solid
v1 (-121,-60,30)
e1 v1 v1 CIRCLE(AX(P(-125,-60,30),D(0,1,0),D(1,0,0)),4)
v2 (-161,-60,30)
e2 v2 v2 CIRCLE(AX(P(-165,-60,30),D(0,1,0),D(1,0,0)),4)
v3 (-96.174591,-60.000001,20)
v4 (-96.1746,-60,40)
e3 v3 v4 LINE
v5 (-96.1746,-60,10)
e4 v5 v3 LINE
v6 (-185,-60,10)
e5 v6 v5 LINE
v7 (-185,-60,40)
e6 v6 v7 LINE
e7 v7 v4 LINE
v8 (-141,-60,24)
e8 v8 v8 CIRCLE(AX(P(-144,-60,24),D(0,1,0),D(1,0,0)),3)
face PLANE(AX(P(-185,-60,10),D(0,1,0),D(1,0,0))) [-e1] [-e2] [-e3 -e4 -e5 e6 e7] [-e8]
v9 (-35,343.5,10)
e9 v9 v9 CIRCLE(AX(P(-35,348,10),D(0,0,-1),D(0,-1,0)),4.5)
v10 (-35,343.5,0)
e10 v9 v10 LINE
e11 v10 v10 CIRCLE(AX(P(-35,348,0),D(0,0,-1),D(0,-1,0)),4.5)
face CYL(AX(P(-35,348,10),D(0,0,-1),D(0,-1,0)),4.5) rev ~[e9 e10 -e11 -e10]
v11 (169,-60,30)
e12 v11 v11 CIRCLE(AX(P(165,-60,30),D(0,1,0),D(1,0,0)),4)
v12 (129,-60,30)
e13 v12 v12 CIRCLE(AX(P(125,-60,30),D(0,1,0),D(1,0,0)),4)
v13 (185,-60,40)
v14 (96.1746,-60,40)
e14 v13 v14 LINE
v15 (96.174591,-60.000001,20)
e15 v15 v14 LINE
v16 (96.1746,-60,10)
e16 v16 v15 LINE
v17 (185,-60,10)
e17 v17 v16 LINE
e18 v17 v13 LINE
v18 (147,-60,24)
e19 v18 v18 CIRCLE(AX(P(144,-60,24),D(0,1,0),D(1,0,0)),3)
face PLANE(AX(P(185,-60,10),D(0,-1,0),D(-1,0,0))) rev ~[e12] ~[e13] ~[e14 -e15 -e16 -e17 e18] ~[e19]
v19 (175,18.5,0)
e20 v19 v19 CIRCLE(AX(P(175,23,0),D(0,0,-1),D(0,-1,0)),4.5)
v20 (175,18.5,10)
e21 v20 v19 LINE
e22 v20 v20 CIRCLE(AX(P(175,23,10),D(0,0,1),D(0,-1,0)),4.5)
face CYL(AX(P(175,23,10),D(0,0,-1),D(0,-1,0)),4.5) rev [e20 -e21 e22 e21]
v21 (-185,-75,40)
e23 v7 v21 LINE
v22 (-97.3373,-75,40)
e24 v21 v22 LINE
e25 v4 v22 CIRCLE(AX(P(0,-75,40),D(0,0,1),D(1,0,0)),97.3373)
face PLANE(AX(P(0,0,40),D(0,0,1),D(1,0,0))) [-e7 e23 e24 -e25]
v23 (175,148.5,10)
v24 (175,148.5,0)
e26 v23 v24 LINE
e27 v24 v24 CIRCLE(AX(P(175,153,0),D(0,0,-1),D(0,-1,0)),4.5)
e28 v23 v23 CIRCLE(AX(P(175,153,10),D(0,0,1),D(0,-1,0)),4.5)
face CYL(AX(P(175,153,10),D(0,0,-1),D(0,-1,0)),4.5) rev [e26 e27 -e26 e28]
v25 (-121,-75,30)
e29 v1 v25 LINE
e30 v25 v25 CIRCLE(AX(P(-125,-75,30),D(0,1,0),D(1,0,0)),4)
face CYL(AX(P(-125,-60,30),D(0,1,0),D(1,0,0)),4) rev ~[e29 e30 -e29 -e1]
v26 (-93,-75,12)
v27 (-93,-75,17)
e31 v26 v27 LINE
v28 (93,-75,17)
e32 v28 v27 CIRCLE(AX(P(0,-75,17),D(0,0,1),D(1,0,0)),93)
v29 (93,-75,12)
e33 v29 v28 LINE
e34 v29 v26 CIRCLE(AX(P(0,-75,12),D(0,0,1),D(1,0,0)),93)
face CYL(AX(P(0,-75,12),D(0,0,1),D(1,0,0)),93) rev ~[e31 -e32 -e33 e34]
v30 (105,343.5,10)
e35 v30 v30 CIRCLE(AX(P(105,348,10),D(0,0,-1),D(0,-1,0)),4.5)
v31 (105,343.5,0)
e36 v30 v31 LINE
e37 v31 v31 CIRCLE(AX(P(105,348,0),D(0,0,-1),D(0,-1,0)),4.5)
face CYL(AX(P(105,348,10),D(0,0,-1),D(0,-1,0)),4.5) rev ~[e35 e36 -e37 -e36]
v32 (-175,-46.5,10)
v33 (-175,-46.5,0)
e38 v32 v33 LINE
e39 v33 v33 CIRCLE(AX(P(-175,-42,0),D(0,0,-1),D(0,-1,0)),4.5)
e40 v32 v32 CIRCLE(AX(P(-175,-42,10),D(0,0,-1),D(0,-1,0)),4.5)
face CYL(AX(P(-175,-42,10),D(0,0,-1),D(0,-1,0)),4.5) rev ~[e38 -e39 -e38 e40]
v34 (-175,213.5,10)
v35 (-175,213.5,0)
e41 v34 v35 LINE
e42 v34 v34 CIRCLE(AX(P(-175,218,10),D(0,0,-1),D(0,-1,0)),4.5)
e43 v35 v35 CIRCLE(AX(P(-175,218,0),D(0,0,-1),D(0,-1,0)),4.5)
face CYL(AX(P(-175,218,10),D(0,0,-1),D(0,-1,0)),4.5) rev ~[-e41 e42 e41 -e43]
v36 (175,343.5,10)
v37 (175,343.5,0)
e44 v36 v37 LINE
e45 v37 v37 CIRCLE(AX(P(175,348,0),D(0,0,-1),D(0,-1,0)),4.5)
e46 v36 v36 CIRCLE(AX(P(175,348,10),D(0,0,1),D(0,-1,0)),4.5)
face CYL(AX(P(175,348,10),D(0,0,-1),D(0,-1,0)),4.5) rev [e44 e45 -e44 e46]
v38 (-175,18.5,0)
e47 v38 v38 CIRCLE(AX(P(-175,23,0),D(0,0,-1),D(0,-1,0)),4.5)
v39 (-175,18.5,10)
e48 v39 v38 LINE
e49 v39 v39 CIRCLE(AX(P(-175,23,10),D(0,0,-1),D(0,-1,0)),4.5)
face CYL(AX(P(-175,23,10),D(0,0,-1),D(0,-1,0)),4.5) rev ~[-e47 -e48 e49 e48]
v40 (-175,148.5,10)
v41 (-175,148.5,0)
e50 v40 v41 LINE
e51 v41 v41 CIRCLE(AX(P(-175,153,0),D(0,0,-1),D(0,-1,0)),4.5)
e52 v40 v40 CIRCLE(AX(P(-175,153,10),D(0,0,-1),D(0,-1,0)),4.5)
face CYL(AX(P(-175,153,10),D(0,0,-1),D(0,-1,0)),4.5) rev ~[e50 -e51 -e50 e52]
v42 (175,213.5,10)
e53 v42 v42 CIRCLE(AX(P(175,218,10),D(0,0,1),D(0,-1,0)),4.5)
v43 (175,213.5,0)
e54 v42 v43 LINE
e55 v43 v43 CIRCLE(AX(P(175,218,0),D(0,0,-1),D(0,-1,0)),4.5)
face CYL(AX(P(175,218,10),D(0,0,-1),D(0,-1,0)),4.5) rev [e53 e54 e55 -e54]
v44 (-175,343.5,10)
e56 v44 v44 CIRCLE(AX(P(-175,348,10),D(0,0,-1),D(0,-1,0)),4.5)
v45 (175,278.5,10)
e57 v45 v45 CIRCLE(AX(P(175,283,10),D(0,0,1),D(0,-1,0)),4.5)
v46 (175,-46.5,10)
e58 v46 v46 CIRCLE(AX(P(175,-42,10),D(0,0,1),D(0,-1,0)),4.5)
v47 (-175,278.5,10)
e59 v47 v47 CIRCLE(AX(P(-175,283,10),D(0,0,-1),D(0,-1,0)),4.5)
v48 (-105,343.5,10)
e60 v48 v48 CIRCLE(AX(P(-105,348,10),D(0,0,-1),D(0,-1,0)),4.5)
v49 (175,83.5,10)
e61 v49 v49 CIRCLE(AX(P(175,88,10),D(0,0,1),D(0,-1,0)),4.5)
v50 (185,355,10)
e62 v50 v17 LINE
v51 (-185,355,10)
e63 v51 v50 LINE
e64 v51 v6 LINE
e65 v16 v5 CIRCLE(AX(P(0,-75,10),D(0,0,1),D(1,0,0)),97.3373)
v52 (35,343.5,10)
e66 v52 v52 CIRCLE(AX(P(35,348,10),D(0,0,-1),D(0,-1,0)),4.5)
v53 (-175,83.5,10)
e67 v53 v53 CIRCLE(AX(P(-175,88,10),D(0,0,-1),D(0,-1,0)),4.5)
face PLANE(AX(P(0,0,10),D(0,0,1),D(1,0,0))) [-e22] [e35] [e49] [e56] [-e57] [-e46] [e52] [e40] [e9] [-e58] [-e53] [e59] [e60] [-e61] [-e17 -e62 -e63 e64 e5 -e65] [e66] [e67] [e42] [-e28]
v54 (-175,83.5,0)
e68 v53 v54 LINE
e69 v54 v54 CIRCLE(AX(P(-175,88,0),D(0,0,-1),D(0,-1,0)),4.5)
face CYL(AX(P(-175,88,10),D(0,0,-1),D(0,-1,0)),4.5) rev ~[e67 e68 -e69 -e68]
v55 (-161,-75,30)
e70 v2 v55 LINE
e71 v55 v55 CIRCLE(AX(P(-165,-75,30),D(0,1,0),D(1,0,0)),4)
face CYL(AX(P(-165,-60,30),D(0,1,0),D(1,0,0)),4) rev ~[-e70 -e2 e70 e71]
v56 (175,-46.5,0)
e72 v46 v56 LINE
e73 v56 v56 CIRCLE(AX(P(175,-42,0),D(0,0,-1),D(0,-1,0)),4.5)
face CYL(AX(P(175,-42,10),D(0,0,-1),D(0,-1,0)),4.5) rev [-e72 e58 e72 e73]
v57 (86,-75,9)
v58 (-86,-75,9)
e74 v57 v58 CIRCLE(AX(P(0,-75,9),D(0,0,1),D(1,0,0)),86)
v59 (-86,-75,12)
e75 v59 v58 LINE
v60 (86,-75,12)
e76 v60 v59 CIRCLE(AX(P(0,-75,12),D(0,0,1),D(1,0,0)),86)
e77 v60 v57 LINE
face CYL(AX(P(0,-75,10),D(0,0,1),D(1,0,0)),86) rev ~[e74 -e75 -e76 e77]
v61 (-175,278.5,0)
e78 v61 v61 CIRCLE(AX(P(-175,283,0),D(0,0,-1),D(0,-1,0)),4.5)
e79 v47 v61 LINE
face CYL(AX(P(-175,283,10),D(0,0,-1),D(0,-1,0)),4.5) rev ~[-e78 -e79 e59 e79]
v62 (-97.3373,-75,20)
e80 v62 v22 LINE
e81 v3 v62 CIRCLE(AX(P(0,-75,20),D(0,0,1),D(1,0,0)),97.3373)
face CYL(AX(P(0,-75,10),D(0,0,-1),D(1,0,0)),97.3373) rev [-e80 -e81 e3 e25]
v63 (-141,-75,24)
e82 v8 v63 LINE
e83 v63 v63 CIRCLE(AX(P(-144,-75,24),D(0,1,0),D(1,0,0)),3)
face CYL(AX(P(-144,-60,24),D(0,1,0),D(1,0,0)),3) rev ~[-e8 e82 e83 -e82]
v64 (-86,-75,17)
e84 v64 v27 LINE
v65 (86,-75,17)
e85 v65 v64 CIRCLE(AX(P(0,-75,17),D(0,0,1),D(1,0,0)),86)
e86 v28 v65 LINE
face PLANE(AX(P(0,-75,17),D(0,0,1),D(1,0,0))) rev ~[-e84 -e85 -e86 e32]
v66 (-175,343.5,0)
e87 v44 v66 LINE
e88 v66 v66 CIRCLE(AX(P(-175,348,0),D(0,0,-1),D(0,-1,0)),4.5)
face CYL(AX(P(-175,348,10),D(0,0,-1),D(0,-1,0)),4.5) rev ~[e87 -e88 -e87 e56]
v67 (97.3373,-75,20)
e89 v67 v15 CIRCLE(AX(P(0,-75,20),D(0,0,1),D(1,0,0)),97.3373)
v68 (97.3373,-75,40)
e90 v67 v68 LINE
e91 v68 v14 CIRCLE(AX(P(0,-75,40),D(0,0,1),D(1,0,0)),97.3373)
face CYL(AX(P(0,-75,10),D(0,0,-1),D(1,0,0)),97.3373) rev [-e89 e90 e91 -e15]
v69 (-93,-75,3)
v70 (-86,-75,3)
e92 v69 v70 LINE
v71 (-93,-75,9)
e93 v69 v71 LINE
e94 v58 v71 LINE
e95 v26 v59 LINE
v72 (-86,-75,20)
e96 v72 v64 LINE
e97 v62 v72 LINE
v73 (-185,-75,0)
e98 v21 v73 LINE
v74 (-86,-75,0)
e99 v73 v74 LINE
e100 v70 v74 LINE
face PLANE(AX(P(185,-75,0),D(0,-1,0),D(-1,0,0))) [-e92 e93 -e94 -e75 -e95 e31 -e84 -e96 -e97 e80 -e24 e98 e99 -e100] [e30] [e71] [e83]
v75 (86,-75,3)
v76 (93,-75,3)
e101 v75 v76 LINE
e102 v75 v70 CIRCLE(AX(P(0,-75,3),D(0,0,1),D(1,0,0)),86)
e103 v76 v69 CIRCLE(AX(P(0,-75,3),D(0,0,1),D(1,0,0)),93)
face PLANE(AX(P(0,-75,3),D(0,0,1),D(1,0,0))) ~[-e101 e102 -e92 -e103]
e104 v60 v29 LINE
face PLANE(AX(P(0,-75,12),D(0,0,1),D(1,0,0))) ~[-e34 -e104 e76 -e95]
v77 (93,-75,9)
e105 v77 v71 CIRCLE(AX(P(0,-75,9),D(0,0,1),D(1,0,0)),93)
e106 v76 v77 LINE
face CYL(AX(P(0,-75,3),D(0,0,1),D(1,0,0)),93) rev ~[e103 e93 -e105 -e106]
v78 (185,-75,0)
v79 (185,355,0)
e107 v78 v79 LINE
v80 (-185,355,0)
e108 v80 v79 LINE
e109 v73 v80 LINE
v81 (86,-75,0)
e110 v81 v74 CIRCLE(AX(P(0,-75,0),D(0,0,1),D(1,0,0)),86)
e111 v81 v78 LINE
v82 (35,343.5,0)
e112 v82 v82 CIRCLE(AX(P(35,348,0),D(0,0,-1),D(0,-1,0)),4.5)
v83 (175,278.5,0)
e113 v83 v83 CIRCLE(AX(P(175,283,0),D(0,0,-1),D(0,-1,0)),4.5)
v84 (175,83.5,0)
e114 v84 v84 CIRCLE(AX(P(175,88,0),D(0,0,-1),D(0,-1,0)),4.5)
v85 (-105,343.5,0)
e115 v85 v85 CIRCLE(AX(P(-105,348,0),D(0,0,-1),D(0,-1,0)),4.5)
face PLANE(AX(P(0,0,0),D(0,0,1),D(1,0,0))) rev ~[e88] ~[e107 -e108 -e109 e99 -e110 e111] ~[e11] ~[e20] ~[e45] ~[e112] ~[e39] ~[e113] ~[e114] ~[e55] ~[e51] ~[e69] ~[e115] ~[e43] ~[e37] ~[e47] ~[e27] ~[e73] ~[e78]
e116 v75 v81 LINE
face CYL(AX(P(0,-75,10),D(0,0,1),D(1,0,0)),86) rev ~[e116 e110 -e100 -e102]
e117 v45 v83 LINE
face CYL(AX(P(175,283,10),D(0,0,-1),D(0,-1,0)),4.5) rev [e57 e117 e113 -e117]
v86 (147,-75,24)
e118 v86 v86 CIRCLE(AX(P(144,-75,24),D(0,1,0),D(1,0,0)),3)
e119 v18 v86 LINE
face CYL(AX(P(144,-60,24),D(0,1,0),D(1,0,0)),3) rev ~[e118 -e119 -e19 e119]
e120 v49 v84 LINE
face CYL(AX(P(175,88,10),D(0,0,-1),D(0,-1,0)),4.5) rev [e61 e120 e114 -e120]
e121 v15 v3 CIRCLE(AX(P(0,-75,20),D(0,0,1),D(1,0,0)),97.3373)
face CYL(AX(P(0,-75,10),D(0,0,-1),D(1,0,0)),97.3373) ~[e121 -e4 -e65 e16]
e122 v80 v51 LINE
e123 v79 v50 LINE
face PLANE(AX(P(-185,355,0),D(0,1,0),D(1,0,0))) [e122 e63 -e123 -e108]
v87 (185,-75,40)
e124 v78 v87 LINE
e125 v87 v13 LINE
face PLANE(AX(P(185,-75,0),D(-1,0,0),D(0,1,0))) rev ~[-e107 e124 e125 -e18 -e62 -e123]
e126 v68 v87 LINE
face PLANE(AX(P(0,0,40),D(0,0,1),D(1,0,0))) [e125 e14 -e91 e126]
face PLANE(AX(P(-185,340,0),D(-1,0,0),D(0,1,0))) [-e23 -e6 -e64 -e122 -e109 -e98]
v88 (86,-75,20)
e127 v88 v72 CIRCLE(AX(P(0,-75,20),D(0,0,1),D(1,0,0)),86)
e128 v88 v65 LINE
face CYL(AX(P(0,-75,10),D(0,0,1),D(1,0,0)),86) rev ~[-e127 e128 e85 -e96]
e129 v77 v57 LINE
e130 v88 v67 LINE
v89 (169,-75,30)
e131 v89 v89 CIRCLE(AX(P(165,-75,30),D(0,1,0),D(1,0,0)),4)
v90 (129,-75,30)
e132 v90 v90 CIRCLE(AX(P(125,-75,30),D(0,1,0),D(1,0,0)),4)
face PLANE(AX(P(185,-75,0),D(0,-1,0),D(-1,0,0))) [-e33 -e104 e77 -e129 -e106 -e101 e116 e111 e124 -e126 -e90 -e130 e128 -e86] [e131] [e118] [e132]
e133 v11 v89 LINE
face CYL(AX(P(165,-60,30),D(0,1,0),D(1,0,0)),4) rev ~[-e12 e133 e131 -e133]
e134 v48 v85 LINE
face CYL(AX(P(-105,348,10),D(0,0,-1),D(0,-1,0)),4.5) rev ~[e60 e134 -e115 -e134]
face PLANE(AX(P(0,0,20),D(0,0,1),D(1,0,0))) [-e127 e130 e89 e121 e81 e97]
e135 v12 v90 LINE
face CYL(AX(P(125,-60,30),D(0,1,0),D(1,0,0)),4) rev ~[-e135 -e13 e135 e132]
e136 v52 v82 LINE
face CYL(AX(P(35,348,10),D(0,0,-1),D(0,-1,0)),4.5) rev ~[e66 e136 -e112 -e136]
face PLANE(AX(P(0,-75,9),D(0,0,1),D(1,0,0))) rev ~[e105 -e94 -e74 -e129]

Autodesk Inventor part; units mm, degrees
ref_plane "YZ Plane" through (0, 0, 0) normal (1, 0, 0) x (0, 1, 0)
ref_plane "XZ Plane" through (0, 0, 0) normal (0, 1, 0) x (-1, 0, 0)
ref_plane "РабПлоскость1" through (0, 0, 0) normal (0, 0, 1) x (1, 0, 0)
sketch "Эскиз1" plane through (0, 0, 0) normal (0, 0, 1) x (1, 0, 0)
  line L0 (185, -75) -> (185, 325) projected
  line L1 (165, 340) -> (165, -75) projected
  arc A0 (-165, -75) -> (165, -75) centre (0, -75) ccw projected
  line L2 (-165, -75) -> (-165, 340) projected
  line L3 (-185, 325) -> (-185, -75) projected
  arc A1 (-185, -75) -> (185, -75) centre (0, -75) ccw projected
  line L4 (185, -75) -> (97.5, -75) projected
  line L5 (-97.5, -75) -> (-185, -75) projected
  line L6 (-185, -75) -> (185, -75)
  line L7 (-185, 340) -> (-185, 355)
  line L8 (-185, 355) -> (185, 355)
  line L9 (185, 355) -> (185, 338)
  line L10 (185, 325) -> (230, 325) projected
  line L11 (230, 325) -> (230, 340) projected
  line L12 (230, 340) -> (165, 340) projected
  line L13 (-165, 340) -> (-230, 340) projected
  line L14 (-230, 340) -> (-230, 325) projected
  line L15 (-230, 325) -> (-185, 325) projected
  line L16 (-185, 340) -> (-185, 325)
  line L17 (185, 340) -> (185, 325)
  point P0 (0, 0)
  point P1 (-97.5, -75)
  point P2 (165, -75)
  point P3 (-165, -75)
  point P4 (-185, -75)
  point P5 (-165, -75)
  point P6 (185, -75)
  dimension "d0" = 15
  dimension "d1" = 370
extrude "Выдавливание1" add sketch "Эскиз1" along normal blind 10 contours L4 L1 L12 L9 L17 L0 | L3 L16 L13 L2 L5 | L4 L6 L5 L2 L13 L7 L8 L9 L12 L1
sketch "Эскиз2" plane through (0, 0, 10) normal (0, 0, 1) x (1, 0, 0)
  arc A0 (-96.3392, -90) -> (96.3392, -90) centre (0, -75) ccw projected
  arc A1 (-86, -75) -> (86, -75) centre (0, -75) ccw projected
  circle A2 centre (0, -75) radius 86
  line L0 (-185, -75) -> (185, -75) projected
  line L1 (-97.3373, -75) -> (97.3373, -75)
  circle A3 centre (0, -75) radius 97.3373
  point P0 (0, 0)
  point P1 (86, -75)
  point P2 (-165, -75)
  point P3 (165, -75)
extrude "Выдавливание2" add sketch "Эскиз2" along normal blind 10 contours L0 A3 A2
sketch "Эскиз3" plane through (0, 0, 10) normal (0, 0, 1) x (1, 0, 0)
  arc A0 (86, -75) -> (-86, -75) centre (0, -75) ccw projected
  line L0 (185, 355) -> (-185, 355) projected
  line L1 (-185, 355) -> (-185, -75) projected
  arc A1 (97.3373, -75) -> (-97.3373, -75) centre (0, -75) ccw projected
  line L2 (-86, -75) -> (86, -75) projected
  line L3 (97.3373, -75) -> (185, -75) projected
  line L4 (185, -75) -> (185, 355) projected
  line L5 (-185, -75) -> (-97.3373, -75) projected
  point P0 (0, 0)
extrude "Выдавливание3" cut sketch "Эскиз3" against normal through all contours L2 A0
sketch "Эскиз8" plane through (0, 0, 10) normal (0, 0, 1) x (1, 0, 0)
  line L0 (-185, 355) -> (-185, -75) projected
  line L1 (-185, 355) -> (-175, 355)
  line L2 (185, 355) -> (-185, 355) projected
  line L3 (-175, 355) -> (-175, 348)
  point P0 (0, 0)
hole "Отверстие1" at (-175, 348, 10) direction (0, 0, -1) diameter 9 end through all
pattern_linear "Прямоуг.массив1" count 7 spacing 65 along (0, -1, 0) of "Отверстие1"
mirror "Зеркальное отражение1" about plane through (0, 0, 0) normal (1, 0, 0) of "Отверстие1", "Прямоуг.массив1"
pattern_linear "Прямоуг.массив2" count 5 spacing 70 along (1, 0, 0) of "Отверстие1"
sketch "Эскиз9" plane through (0, 0, 10) normal (0, 0, 1) x (1, 0, 0)
  circle A0 centre (105, 348) radius 4.5 projected
  circle A1 centre (35, 348) radius 4.5 projected
  circle A2 centre (-35, 348) radius 4.5 projected
  circle A3 centre (-105, 348) radius 4.5 projected
  circle A4 centre (175, -42) radius 4.5 projected
  circle A5 centre (175, 23) radius 4.5 projected
  circle A6 centre (175, 88) radius 4.5 projected
  circle A7 centre (175, 153) radius 4.5 projected
  circle A8 centre (175, 218) radius 4.5 projected
  circle A9 centre (175, 283) radius 4.5 projected
  circle A10 centre (175, 348) radius 4.5 projected
  circle A11 centre (-175, -42) radius 4.5 projected
  circle A12 centre (-175, 23) radius 4.5 projected
  circle A13 centre (-175, 88) radius 4.5 projected
  circle A14 centre (-175, 153) radius 4.5 projected
  circle A15 centre (-175, 218) radius 4.5 projected
  circle A16 centre (-175, 283) radius 4.5 projected
  circle A17 centre (-175, 348) radius 4.5 projected
  arc A18 (97.3373, -75) -> (-97.3373, -75) centre (0, -75) ccw projected
  line L0 (97.3373, -75) -> (185, -75) projected
  line L1 (185, -75) -> (185, 355) projected
  line L2 (185, 355) -> (-185, 355) projected
  line L3 (-185, 355) -> (-185, -75) projected
  line L4 (-185, -75) -> (-97.3373, -75) projected
  line L5 (-185, -75) -> (-185, -60)
  line L6 (-185, 355) -> (-185, -75) projected
  line L7 (-185, -60) -> (-96.1746, -60)
  arc A19 (97.3373, -75) -> (-97.3373, -75) centre (0, -75) ccw projected
  line L8 (185, -75) -> (185, 355) projected
  line L9 (185, -75) -> (185, -60)
  line L10 (185, -60) -> (96.1746, -60)
  point P0 (0, 0)
  point P1 (-96.1746, -60)
  dimension "d31" = 15
  dimension "d32" = 15
extrude "Выдавливание7" add sketch "Эскиз9" along normal blind 30 contours A18 L10 L1 L0 | A18 L4 L3 L7
sketch "Эскиз10" plane through (-185, -60, 10) normal (0, 1, 0) x (1, 0, 0)
  circle A0 centre (20, -20) radius 4 projected
  circle A1 centre (41, -14) radius 3 projected
  circle A2 centre (60, -20) radius 4 projected
  circle A3 centre (310, -20) radius 4 projected
  circle A4 centre (329, -14) radius 3 projected
  circle A5 centre (350, -20) radius 4 projected
  point P0 (185, 10)
extrude "Выдавливание8" cut sketch "Эскиз10" against normal blind 30
sketch "Эскиз11" plane through (86, -75, 0) normal (0, -1, 0) x (1, 0, 0)
  line L0 (7, 17) -> (0, 17)
  line L1 (7, 12) -> (7, 17)
  line L2 (0, 12) -> (7, 12)
  line L3 (7, 9) -> (0, 9)
  line L4 (7, 3) -> (7, 9)
  line L5 (0, 3) -> (7, 3)
  line L6 (-86, 0) -> (-86, 42)
  line L7 (0, 17) -> (0, 3)
revolve "Вращение2" cut sketch "Эскиз11" angle 360 about axis through (0, -75, 0) along (0, 0, 1)
properties part number "Крышка стенки картера верх" material "Чугун, серый"
